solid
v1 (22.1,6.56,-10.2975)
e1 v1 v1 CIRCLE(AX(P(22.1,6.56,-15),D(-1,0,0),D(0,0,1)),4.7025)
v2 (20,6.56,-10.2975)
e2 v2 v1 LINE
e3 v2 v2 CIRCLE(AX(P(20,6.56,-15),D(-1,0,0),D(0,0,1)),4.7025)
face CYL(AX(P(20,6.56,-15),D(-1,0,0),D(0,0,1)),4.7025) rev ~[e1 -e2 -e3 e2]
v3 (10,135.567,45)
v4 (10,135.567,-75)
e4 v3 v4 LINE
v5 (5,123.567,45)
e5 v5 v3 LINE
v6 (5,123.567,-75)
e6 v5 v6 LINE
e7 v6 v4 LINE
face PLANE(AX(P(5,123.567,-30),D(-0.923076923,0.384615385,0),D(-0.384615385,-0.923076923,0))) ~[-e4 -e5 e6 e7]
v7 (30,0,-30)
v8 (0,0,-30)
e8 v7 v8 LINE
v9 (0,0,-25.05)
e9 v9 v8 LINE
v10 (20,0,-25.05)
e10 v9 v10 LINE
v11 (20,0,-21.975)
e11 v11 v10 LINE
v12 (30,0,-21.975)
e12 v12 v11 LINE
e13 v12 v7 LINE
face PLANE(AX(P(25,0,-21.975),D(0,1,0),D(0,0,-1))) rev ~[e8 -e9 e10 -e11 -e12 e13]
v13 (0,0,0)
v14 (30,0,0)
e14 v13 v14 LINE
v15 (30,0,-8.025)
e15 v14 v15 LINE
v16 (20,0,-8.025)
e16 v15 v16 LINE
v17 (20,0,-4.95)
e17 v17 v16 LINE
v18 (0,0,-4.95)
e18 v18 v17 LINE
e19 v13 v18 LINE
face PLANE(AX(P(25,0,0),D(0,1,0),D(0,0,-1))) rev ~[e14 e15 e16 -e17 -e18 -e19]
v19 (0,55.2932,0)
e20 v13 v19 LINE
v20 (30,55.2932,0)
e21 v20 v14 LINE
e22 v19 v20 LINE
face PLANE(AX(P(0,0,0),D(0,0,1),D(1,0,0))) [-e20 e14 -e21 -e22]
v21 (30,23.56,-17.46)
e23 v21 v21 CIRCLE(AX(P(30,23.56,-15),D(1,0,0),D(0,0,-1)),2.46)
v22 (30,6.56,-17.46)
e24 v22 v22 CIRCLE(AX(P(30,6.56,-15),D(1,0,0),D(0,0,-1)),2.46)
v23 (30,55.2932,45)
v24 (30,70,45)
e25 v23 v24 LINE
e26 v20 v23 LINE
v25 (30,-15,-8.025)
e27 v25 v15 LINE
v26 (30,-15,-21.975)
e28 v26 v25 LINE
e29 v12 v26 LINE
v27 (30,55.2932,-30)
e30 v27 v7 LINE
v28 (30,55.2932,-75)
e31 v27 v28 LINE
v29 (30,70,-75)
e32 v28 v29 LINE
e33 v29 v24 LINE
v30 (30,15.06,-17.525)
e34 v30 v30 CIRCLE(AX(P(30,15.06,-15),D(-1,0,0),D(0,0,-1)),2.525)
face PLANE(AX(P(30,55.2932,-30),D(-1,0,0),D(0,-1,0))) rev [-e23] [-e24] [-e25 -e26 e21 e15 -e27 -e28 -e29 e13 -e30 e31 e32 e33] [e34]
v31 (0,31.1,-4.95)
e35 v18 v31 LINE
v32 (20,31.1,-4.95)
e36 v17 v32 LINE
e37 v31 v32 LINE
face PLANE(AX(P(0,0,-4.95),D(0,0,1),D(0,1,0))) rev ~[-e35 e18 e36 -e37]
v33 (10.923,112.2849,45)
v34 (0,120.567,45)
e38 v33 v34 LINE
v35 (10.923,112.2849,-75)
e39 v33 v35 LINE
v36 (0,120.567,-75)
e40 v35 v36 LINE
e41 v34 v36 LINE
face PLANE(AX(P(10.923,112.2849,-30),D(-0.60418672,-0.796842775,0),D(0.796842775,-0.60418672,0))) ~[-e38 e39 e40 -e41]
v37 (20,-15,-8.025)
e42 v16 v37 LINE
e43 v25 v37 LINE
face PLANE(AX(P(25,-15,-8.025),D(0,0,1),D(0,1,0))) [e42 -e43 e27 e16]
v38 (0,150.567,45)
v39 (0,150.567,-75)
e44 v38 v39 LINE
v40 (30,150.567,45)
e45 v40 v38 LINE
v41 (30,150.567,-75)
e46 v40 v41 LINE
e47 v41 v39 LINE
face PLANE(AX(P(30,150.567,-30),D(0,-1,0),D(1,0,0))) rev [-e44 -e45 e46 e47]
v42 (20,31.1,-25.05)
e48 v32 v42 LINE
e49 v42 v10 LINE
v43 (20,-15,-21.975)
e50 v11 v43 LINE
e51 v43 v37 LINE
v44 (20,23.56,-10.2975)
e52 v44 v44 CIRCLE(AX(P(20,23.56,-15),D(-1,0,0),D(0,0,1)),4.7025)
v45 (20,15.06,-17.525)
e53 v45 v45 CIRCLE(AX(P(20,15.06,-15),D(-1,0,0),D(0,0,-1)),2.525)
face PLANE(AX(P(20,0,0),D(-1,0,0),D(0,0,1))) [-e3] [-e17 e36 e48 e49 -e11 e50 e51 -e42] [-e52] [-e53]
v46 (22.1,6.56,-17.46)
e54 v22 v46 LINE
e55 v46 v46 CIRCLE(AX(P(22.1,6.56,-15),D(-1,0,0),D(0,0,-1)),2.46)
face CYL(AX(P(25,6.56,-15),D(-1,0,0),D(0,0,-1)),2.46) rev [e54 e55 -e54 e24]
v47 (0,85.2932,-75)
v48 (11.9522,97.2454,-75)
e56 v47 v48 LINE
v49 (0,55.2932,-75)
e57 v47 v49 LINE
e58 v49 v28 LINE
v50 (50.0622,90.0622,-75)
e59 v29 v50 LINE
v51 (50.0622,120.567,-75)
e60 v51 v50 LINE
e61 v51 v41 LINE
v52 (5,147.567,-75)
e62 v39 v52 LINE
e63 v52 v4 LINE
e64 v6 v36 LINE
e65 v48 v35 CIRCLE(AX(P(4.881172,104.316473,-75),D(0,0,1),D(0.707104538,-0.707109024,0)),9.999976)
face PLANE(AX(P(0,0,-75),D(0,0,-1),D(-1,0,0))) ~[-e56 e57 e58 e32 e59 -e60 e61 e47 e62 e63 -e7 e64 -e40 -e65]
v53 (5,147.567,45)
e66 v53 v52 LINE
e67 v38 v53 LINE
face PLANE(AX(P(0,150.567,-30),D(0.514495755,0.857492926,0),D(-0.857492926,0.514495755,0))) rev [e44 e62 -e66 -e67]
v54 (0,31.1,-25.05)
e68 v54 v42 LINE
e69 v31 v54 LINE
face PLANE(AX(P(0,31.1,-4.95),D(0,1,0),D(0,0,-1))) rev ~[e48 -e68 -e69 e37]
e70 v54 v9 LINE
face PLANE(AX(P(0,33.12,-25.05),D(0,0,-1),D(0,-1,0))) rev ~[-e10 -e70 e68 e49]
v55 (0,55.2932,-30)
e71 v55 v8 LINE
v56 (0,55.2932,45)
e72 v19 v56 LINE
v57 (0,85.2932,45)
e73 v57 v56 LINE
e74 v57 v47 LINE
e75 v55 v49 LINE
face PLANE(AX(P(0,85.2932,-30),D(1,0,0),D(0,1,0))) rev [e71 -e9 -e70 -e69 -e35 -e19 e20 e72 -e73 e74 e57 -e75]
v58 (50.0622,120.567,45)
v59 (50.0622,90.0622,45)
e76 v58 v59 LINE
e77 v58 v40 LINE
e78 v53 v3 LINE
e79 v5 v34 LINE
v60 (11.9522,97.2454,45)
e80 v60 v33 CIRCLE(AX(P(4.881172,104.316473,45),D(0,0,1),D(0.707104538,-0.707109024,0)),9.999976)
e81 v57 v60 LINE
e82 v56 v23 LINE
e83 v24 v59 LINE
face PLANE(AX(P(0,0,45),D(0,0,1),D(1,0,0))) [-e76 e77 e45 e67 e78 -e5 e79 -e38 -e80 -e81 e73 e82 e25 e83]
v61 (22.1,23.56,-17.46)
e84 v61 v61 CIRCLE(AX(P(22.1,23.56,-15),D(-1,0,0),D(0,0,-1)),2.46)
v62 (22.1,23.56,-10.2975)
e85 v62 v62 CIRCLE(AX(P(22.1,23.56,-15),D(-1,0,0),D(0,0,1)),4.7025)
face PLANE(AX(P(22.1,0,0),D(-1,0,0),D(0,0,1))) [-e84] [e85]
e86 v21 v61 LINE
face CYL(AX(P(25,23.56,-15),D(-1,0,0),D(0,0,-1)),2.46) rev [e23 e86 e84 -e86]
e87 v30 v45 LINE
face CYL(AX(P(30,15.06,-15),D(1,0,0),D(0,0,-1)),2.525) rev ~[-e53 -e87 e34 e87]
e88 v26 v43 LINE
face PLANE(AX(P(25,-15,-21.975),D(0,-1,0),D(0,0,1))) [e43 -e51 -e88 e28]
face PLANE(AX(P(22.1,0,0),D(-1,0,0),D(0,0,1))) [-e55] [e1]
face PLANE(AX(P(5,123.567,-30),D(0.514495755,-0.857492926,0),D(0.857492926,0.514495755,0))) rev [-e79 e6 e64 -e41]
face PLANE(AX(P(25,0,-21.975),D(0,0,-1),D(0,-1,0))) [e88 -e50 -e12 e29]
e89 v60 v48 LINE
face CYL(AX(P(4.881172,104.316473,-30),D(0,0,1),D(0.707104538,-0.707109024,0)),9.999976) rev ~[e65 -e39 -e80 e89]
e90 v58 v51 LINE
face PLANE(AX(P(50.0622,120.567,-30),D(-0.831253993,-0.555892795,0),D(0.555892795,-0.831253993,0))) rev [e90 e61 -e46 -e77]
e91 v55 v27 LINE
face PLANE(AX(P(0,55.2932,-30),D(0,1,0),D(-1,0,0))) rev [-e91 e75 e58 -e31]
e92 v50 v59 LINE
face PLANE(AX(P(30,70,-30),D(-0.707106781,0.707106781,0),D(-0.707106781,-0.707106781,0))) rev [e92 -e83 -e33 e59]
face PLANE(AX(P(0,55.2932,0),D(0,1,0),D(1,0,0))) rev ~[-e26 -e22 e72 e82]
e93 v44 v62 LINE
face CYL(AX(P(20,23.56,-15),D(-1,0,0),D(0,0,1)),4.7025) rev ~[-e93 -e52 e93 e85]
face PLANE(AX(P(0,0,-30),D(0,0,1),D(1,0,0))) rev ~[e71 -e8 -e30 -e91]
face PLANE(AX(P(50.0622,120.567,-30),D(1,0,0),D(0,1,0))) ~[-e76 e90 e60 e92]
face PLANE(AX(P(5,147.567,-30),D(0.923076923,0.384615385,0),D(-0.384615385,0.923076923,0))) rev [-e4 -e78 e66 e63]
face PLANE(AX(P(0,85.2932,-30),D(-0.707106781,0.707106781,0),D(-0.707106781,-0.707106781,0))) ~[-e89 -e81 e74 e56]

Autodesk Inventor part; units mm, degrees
ref_plane "YZ Plane" through (0, 0, 0) normal (1, 0, 0) x (0, 1, 0)
ref_plane "XZ Plane" through (0, 0, 0) normal (0, 1, 0) x (-1, 0, 0)
sketch "Sketch1" plane through (0, 0, 0) normal (0, 0, 1) x (1, 0, 0)
  line L0 (0, 0) -> (25, 0)
  line L1 (25, 0) -> (25, 40)
  line L2 (25, 40) -> (0, 40)
  line L3 (0, 40) -> (0, 0)
  dimension "d1" = 25
  dimension "d2" = 40
  dimension "d3" = 25
extrude "Extrusion1" add sketch "Sketch1" against normal blind 30
sketch "Sketch2" plane through (25, 0, 0) normal (1, 0, 0) x (0, 0, -1)
  line L0 (0, 0) -> (30, 0) projected
  circle A0 centre (15, 6.56) radius 2.46
extrude "Extrusion2" cut sketch "Sketch2" against normal blind 30
sketch "Sketch3" plane through (0, 0, 0) normal (-1, 0, 0) x (0, 0, 1)
  line L0 (0, 0) -> (-30, 0) projected
  line L1 (-25.05, 0) -> (-4.95, 0)
  line L2 (-4.95, 0) -> (-4.95, 33.12)
  line L3 (-4.95, 33.12) -> (-25.05, 33.12)
  line L4 (-25.05, 33.12) -> (-25.05, 0)
  dimension "d11" = 20.1
extrude "Extrusion3" cut sketch "Sketch3" against normal blind 20
sketch "Sketch4" plane through (0, 0, 0) normal (0, -1, 0) x (1, 0, 0)
  line L0 (20, -4.95) -> (20, -25.05) projected
  line L1 (20, -15) -> (25, -15)
  line L2 (25, 0) -> (25, -30) projected
  line L3 (20, -8.025) -> (25, -8.025)
  line L4 (25, -8.025) -> (25, -21.975)
  line L5 (25, -21.975) -> (20, -21.975)
  line L6 (20, -21.975) -> (20, -8.025)
  line L7 (20, -8.025) -> (25, -21.975) construction
  line L8 (25, -8.025) -> (20, -21.975) construction
  line L9 (25, -12.54) -> (25, -17.46) projected
  point P0 (0, 0)
  point P1 (22.5, -15)
  dimension "d14" = 13.95
extrude "Extrusion4" add sketch "Sketch4" along normal blind 15
sketch "Sketch5" plane through (20, 0, 0) normal (-1, 0, 0) x (0, 0, 1)
  circle A0 centre (-15, 6.56) radius 2.46 projected
  circle A1 centre (-15, 6.56) radius 4.7025
  circle A2 centre (-15, 6.56) radius 2.46 projected
  circle A3 centre (-15, 6.56) radius 2.46
  point P0 (0, 0)
  dimension "d17" = 9.405
extrude "Extrusion5" cut sketch "Sketch5" against normal blind 2.1
sketch "Sketch6" plane through (25, 0, 0) normal (1, 0, 0) x (0, 0, -1)
  circle A0 centre (15, 6.56) radius 4.7025 projected
  line L0 (15, 6.56) -> (15, 23.56)
  circle A1 centre (15, 23.56) radius 2.46
  point P0 (0, 0)
  dimension "d20" = 17
  dimension "d21" = 4.92
extrude "Extrusion6" cut sketch "Sketch6" against normal blind 10 contours A1
sketch "Sketch7" plane through (20, 0, 0) normal (-1, 0, 0) x (0, 0, 1)
  circle A0 centre (-15, 23.56) radius 2.46 projected
  circle A1 centre (-15, 23.56) radius 4.7025
  point P0 (0, 0)
  dimension "d24" = 9.405
extrude "Extrusion7" cut sketch "Sketch7" against normal blind 2.1
sketch "Sketch9" plane through (25, 0, 0) normal (1, 0, 0) x (0, 0, -1)
  circle A0 centre (15, 6.56) radius 2.46 projected
  circle A1 centre (15, 6.56) radius 2.46
  circle A2 centre (15, 23.56) radius 2.46 projected
  circle A3 centre (15, 23.56) radius 2.46
  line L0 (30, 40) -> (30, 0) projected
  line L1 (30, 0) -> (30, 40)
  line L2 (30, 40) -> (0, 40)
  line L3 (0, 40) -> (0, 0)
  line L4 (0, 0) -> (8.025, 0) projected
  line L5 (21.975, 0) -> (21.975, -15)
  line L6 (21.975, -15) -> (8.025, -15)
  line L7 (8.025, -15) -> (8.025, 0)
  line L8 (0, 0) -> (8.025, 0)
  line L9 (21.975, 0) -> (30, 0)
extrude "Extrusion8" add sketch "Sketch9" along normal blind 5
sketch "Sketch10" plane through (0, 40, 0) normal (0, 1, 0) x (1, 0, 0)
  line L0 (0, 30) -> (30, 30) projected
  line L1 (30, 0) -> (0, 0) projected
  line L2 (0, 30) -> (30, 30)
  line L3 (30, 30) -> (30, 0)
  line L4 (30, 0) -> (0, 0)
  line L5 (0, 0) -> (0, 30)
extrude "Extrusion9" add sketch "Sketch10" along normal blind 30
sketch "Sketch12" plane through (30, 0, 0) normal (1, 0, 0) x (0, 0, -1)
  circle A0 centre (15, 6.56) radius 2.46 projected
  line L0 (15, 6.56) -> (15, 15.06)
  circle A1 centre (15, 15.06) radius 2.525
  point P0 (0, 0)
  dimension "d31" = 8.5
  dimension "d33" = 5.05
extrude "Extrusion10" cut sketch "Sketch12" against normal blind 30 contours A1
sketch "Sketch15" plane through (0, 0, -25.05) normal (-1, 0, 0) x (0, 0, 1)
  line L0 (0, 33.12) -> (20.1, 33.12) projected
  line L1 (20.1, 33.12) -> (20.1, 0) projected
  line L2 (0, 33.12) -> (20.1, 33.12)
  line L3 (20.1, 33.12) -> (20.1, 31.1)
  line L4 (20.1, 31.1) -> (0, 31.1)
  line L5 (0, 31.1) -> (0, 33.12)
  point P0 (25.05, 0)
  dimension "d57" = 2.02
extrude "Extrusion13" add sketch "Sketch15" against normal blind 20
sketch "Sketch17" plane through (0, 0, 0) normal (0, 0, 1) x (1, 0, 0)
  line L0 (0, 70) -> (30, 70) projected
  line L1 (30, 70) -> (50.0622, 90.0622)
  line L2 (30, 70) -> (80, 70) construction
  line L3 (11.9522, 97.2454) -> (0, 85.2932)
  line L4 (0, 70) -> (0, 85.2932)
  line L5 (0, 70) -> (0, 0) projected
  line L6 (0, 70) -> (30, 70)
  line L7 (10.923, 112.2849) -> (0, 120.567)
  line L8 (50.0622, 105.3553) -> (50.0622, 120.567)
  line L9 (50.0622, 105.3553) -> (50.0622, 90.0622)
  arc A0 (11.9522, 97.2454) -> (10.923, 112.2849) centre (4.8811, 104.3165) ccw
  line L10 (0, 150.567) -> (30, 150.567)
  line L11 (30, 150.567) -> (50.0622, 120.567)
  line L12 (5, 147.567) -> (0, 150.567)
  line L13 (5, 123.567) -> (0, 120.567)
  line L14 (5, 123.567) -> (10, 135.567)
  line L15 (10, 135.567) -> (5, 147.567)
  dimension "d61" = 45
  dimension "d62" = 32.0271
  dimension "d72" = 10
extrude "Extrusion14" add sketch "Sketch17" against normal blind 30
sketch "Sketch22" plane through (0, 0, 0) normal (0, 0, 1) x (1, 0, 0)
  line L0 (30, 0) -> (30, 70) projected
  line L1 (50.0622, 120.567) -> (50.0622, 90.0622) projected
  line L2 (30, 70) -> (50.0622, 90.0622)
  line L3 (50.0622, 90.0622) -> (50.0622, 120.567)
  line L4 (50.0622, 120.567) -> (30, 150.567) projected
  line L5 (50.0622, 120.567) -> (30, 150.567)
  line L6 (30, 150.567) -> (0, 150.567) projected
  line L7 (30, 150.567) -> (0, 150.567)
  line L8 (0, 150.567) -> (5, 147.567) projected
  line L9 (0, 150.567) -> (5, 147.567)
  line L10 (5, 147.567) -> (10, 135.567) projected
  line L11 (5, 147.567) -> (10, 135.567)
  line L12 (5, 123.567) -> (10, 135.567) projected
  line L13 (10, 135.567) -> (5, 123.567)
  line L14 (5, 123.567) -> (0, 120.567) projected
  line L15 (5, 123.567) -> (0, 120.567)
  line L16 (10.923, 112.2849) -> (0, 120.567) projected
  line L17 (0, 120.567) -> (10.923, 112.2849)
  line L18 (0, 85.2932) -> (11.9522, 97.2454) projected
  line L19 (11.9522, 97.2454) -> (0, 85.2932)
  line L20 (0, 85.2932) -> (0, 55.2932)
  line L21 (0, 0) -> (0, 85.2932) projected
  line L22 (0, 55.2932) -> (30, 55.2932)
  line L23 (30, 55.2932) -> (30, 70)
  arc A0 (11.9522, 97.2454) -> (10.923, 112.2849) centre (4.8811, 104.3165) ccw projected
  arc A1 (11.9522, 97.2454) -> (10.923, 112.2849) centre (4.8811, 104.3165) ccw
  dimension "d87" = 30
extrude "Extrusion15" add sketch "Sketch22" along normal blind 45
ref_plane "Work Plane1" through (0, 0, -15) normal (0, 0, 1) x (1, 0, 0)
mirror "Mirror1" about plane through (0, 0, -15) normal (0, 0, 1) of "Extrusion15"
properties part number "rec_c_24mm_x_120mm"
